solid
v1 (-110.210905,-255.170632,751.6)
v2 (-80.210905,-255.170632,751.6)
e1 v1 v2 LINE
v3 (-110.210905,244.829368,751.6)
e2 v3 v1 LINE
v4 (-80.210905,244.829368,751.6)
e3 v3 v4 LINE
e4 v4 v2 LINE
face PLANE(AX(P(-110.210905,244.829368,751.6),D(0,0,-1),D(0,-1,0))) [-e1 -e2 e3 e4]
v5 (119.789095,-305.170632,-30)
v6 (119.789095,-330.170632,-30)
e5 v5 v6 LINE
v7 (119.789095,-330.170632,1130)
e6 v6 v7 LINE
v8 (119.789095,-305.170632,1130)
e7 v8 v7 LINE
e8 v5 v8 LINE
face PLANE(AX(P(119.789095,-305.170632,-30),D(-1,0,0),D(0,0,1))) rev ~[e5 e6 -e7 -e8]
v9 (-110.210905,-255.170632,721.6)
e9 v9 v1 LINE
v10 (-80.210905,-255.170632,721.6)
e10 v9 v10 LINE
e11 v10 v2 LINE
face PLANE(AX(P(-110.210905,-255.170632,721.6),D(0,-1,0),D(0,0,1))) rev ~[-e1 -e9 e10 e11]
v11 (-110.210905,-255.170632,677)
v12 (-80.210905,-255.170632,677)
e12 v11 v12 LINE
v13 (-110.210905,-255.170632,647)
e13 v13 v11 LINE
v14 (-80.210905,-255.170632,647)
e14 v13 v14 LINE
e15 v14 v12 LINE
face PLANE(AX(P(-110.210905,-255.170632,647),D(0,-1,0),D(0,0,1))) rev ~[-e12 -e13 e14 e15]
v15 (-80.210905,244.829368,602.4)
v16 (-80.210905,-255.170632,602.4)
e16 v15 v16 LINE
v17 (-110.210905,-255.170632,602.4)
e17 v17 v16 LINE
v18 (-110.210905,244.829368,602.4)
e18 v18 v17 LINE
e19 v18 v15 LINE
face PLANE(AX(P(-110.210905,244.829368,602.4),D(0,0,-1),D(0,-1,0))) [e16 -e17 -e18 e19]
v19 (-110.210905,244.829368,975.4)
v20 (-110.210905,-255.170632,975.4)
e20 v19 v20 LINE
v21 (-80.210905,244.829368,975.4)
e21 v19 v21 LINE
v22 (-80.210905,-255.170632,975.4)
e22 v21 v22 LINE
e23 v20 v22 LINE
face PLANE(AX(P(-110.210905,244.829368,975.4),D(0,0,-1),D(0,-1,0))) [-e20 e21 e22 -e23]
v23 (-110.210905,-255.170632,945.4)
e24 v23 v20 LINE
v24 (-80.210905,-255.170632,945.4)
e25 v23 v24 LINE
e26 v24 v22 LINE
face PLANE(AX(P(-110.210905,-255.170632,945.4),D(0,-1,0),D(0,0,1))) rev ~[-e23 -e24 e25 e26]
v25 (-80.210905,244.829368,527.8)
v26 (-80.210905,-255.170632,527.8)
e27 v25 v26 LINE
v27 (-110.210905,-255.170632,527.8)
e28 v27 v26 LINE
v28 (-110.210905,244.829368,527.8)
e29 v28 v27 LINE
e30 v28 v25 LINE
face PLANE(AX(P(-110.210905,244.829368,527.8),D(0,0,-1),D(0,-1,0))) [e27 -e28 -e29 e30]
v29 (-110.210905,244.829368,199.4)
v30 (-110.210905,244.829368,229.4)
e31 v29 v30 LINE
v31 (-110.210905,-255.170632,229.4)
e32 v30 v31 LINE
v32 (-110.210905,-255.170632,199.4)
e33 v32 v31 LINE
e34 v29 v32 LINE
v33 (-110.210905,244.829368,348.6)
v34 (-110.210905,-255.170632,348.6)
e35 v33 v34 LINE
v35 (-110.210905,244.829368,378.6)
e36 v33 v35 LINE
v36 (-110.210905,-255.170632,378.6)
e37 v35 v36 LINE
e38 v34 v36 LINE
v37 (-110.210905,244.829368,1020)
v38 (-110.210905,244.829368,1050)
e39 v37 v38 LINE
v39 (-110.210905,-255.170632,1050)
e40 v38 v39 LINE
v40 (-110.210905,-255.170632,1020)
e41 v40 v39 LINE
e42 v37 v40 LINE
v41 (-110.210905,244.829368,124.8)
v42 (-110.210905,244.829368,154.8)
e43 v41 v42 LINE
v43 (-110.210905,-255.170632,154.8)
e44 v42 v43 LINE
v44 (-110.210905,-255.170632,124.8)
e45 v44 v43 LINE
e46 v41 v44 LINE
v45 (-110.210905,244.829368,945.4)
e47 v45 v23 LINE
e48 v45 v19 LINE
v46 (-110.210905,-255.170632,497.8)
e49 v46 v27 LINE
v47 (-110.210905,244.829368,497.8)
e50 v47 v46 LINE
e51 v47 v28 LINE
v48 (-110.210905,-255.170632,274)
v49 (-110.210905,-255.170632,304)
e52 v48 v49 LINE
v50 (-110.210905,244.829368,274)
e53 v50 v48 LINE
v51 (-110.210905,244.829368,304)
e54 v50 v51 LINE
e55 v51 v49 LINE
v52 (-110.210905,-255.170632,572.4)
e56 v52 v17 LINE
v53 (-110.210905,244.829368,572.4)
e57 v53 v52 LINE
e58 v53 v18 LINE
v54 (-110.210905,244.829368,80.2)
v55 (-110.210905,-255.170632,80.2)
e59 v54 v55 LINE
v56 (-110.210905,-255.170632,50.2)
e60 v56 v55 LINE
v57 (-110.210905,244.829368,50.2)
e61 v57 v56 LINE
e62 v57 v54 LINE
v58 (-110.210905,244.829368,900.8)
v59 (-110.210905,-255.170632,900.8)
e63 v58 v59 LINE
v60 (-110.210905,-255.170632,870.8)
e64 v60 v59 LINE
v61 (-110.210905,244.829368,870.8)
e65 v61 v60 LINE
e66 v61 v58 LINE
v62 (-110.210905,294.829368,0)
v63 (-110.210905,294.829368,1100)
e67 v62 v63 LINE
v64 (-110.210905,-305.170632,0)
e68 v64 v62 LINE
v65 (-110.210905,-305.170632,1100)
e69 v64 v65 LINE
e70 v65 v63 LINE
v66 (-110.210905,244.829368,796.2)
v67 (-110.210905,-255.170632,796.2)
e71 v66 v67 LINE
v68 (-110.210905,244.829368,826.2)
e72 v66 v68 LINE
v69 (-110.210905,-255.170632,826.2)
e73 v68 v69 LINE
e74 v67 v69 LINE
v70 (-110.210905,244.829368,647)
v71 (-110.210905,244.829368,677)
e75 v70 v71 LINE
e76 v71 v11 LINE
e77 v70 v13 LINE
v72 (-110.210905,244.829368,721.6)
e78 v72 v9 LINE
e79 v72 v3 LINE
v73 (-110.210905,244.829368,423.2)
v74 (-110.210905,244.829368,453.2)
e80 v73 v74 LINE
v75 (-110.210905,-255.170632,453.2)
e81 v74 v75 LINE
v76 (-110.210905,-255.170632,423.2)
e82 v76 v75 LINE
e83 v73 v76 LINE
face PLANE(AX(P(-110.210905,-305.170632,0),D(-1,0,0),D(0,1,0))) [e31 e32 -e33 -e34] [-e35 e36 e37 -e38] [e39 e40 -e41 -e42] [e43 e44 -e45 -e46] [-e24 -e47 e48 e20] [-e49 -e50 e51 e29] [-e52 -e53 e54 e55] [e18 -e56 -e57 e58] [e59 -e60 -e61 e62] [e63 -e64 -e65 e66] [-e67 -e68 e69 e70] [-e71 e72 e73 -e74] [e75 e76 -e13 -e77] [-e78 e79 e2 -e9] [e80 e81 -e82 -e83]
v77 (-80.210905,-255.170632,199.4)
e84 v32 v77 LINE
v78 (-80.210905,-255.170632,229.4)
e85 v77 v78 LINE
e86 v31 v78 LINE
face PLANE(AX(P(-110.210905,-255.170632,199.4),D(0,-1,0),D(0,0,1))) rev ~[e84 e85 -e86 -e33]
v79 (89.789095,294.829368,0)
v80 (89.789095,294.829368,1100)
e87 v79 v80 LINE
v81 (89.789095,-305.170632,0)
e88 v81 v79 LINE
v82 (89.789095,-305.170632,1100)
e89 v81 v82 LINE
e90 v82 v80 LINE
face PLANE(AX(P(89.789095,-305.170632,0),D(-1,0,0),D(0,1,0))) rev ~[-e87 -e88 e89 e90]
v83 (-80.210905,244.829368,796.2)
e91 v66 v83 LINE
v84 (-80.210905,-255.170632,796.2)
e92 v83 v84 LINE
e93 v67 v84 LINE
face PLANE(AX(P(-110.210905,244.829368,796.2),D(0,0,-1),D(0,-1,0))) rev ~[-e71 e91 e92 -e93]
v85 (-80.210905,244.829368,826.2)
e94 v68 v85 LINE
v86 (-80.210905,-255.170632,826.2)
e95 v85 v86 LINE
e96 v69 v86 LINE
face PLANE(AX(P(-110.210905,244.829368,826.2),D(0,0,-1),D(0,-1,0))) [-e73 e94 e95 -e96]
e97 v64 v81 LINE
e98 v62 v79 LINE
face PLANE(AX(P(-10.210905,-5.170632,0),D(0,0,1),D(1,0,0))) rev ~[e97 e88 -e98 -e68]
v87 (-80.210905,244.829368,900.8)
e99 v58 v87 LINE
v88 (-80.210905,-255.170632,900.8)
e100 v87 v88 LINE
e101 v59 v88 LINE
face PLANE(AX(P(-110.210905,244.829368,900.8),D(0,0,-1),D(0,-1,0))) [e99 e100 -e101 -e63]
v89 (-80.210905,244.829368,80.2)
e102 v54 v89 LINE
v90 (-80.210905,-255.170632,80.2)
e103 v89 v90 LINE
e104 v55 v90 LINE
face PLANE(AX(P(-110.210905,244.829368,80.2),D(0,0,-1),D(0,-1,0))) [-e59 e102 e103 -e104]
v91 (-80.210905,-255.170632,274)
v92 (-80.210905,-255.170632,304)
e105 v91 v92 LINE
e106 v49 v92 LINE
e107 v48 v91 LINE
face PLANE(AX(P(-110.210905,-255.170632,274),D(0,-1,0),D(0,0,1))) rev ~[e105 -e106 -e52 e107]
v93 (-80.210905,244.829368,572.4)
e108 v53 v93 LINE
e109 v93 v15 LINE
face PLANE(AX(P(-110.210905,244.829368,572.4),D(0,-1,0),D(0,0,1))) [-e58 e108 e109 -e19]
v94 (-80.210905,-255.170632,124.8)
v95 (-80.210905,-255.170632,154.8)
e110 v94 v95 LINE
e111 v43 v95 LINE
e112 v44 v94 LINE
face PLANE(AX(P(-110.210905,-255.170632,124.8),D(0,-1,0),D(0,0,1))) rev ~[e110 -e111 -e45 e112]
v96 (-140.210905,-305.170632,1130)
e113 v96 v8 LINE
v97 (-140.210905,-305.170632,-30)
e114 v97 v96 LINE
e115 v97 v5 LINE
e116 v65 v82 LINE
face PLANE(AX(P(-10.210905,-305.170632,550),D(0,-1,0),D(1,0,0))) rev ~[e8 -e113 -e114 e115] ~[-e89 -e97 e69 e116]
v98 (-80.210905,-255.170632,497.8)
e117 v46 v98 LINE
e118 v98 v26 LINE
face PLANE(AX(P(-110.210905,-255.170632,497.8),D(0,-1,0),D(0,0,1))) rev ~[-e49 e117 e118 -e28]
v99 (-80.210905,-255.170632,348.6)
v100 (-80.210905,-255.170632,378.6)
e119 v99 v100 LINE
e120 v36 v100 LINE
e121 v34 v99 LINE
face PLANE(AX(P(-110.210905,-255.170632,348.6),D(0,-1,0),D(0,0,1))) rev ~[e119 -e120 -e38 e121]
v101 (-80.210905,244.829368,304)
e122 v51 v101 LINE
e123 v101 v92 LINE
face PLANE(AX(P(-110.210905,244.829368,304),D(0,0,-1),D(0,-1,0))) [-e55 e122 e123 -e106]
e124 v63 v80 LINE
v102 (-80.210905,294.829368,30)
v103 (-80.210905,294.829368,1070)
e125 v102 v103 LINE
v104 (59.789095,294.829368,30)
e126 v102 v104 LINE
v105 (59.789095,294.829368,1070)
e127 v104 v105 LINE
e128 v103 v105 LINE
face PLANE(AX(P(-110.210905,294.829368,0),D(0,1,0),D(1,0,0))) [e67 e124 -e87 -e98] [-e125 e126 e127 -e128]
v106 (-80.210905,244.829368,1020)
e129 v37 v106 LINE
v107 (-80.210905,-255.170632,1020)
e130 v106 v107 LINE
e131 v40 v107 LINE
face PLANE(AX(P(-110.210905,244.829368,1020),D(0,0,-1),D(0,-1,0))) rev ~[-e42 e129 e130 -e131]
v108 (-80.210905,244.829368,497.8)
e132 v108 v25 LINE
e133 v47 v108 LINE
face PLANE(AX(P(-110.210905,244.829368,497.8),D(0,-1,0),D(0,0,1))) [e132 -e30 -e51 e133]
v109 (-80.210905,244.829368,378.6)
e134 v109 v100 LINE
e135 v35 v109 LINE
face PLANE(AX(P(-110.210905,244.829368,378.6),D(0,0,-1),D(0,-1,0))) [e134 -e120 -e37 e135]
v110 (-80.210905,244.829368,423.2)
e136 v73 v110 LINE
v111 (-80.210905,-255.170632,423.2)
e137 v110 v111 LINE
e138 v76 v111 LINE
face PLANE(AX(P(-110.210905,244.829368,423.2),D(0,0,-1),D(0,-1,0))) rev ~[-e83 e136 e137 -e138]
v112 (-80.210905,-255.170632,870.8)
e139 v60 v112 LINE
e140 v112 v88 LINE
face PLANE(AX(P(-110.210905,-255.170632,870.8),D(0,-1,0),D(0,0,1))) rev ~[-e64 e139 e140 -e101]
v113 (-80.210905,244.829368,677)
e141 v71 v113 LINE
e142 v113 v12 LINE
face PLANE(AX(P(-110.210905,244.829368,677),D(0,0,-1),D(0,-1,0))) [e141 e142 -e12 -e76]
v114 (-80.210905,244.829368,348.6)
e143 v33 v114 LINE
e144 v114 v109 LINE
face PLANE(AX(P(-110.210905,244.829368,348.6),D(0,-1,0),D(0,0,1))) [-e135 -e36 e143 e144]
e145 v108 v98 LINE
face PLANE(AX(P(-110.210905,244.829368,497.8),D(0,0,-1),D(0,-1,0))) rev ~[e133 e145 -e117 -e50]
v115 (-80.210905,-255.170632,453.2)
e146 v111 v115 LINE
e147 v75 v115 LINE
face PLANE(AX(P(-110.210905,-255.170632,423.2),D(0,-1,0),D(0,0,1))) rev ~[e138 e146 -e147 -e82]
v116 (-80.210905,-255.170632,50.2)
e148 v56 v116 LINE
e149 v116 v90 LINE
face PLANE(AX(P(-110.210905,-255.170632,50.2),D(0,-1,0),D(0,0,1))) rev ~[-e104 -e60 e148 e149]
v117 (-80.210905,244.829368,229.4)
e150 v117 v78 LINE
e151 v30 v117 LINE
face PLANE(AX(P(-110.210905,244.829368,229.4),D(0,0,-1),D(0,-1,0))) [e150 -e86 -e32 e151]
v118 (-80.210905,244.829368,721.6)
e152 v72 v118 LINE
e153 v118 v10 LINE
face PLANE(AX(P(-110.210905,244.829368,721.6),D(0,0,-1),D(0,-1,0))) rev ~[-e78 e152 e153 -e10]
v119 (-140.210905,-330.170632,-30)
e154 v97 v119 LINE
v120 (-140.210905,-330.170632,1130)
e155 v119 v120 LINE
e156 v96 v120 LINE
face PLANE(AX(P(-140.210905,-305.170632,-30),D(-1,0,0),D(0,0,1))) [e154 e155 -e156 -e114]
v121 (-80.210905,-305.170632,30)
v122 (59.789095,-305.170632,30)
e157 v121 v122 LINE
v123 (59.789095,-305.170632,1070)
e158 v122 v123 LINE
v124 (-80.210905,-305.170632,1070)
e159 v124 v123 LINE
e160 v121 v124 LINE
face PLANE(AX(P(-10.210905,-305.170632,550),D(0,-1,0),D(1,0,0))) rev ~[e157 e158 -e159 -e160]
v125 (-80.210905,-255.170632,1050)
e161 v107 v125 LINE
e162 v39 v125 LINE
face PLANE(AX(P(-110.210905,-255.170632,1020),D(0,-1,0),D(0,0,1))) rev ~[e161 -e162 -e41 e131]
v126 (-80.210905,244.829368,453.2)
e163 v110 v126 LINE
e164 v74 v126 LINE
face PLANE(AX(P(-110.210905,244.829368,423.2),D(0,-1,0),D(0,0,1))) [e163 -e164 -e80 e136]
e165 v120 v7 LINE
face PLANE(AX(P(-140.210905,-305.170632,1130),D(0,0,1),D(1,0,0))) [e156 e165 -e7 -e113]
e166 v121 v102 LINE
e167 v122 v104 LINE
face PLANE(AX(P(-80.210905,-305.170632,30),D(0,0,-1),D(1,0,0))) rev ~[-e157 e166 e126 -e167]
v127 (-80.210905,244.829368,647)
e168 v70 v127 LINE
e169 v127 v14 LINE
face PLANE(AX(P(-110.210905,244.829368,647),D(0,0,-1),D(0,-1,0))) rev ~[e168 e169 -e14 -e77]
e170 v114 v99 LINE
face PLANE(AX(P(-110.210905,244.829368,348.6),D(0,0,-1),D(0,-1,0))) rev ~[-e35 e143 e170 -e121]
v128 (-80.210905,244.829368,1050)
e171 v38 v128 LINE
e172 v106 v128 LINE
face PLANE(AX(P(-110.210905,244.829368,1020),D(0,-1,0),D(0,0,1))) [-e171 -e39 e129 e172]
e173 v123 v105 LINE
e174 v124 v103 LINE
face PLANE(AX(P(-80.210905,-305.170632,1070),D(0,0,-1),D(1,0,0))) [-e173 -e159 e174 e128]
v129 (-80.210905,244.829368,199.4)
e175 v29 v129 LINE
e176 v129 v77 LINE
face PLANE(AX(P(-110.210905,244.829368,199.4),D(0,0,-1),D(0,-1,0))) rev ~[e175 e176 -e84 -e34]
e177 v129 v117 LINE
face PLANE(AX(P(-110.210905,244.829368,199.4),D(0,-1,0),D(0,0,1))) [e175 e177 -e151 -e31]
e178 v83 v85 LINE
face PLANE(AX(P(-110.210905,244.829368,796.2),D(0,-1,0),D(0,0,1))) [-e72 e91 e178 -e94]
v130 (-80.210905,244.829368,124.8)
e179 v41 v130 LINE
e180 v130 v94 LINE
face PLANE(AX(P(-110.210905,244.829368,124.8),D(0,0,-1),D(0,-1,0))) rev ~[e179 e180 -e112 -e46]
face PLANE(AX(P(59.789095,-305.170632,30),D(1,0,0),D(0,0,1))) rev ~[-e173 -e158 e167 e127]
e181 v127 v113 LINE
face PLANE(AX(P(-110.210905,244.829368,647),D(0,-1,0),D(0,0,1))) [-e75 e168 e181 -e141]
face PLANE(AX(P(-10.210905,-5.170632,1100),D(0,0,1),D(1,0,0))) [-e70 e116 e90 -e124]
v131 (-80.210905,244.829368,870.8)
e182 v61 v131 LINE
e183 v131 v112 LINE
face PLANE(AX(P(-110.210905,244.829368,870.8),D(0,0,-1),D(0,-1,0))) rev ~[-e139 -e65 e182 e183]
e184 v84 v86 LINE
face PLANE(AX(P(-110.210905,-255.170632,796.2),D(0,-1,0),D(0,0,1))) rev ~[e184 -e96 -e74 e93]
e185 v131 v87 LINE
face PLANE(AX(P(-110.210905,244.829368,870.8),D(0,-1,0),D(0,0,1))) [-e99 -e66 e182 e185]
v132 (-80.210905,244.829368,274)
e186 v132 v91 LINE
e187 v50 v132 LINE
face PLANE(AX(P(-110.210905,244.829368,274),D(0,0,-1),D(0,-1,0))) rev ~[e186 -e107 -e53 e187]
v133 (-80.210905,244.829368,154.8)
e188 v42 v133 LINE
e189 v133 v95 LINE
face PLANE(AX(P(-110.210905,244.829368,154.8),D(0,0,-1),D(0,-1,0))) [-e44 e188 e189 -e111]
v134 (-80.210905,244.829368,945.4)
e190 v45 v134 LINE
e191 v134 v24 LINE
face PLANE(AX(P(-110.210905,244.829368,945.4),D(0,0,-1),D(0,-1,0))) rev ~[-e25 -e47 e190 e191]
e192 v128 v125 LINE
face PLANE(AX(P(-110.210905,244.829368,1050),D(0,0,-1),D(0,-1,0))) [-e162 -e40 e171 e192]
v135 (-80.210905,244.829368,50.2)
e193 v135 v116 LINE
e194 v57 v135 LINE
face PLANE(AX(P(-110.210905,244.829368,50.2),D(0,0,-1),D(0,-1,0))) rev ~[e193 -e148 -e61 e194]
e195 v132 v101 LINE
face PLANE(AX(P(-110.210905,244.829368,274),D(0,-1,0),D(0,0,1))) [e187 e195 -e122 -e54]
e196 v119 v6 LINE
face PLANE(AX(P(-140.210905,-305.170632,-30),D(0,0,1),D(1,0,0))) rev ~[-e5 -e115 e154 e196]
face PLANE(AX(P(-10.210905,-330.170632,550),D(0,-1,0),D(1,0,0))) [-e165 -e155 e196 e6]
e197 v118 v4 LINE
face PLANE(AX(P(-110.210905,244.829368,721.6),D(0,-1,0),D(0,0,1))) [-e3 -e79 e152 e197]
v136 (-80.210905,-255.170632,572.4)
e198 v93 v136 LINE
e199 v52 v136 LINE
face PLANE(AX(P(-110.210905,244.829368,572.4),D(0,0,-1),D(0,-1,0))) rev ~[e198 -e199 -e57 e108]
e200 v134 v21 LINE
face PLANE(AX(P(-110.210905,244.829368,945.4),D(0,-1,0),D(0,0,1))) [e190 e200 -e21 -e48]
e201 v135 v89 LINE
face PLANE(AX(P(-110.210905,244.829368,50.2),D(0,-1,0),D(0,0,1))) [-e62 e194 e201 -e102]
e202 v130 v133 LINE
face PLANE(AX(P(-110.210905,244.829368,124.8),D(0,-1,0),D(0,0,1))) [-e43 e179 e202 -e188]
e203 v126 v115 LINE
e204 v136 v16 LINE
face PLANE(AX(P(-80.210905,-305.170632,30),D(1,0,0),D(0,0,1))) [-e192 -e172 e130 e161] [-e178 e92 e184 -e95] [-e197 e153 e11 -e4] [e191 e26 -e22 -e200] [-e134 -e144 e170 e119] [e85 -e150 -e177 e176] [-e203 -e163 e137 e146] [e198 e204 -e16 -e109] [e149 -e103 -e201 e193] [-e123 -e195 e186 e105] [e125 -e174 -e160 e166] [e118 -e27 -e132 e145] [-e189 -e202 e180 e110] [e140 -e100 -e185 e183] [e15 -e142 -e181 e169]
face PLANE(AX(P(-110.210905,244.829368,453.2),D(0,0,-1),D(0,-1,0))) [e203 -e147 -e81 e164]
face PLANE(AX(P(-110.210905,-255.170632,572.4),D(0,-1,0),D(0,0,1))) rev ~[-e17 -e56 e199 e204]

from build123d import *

# Parameters (mm, degrees)
F0_W     = 200
F0_H     = 600
F1_DEPTH = 1100
F2_W     = 140
F2_H     = 1040
F3_DEPTH = 600
F4_W     = 500
F4_H     = 30
F5_DEPTH = 30
F6_W     = 260
F6_H     = 1160
F6_W_2   = 200
F6_H_2   = 1100
F7_DEPTH = 25


with BuildPart() as f1:
    # F0 (on Top) → F1 (new body)
    with BuildSketch(Plane.XY):
        with Locations((-10.210905, -5.170632)):
            Rectangle(F0_W, F0_H)
    extrude(amount=F1_DEPTH)

    # F2 (on face) → F3 (cut, through all)
    with BuildSketch(Plane.XZ.offset(305.170632)):
        with Locations((-10.210905, 550)):
            Rectangle(F2_W, F2_H)
    extrude(amount=-F3_DEPTH, mode=Mode.SUBTRACT)

    # F4 (on face) → F5 (cut)
    with BuildSketch(Plane(origin=(-110.210905, 0, 0), x_dir=(0, -1, 0), z_dir=(-1, 0, 0))):
        with Locations((5.170632, 1035)):
            Rectangle(F4_W, F4_H)
        with Locations((5.170632, 960.4)):
            Rectangle(F4_W, F4_H)
        with Locations((5.170632, 885.8)):
            Rectangle(F4_W, F4_H)
        with Locations((5.170632, 811.2)):
            Rectangle(F4_W, F4_H)
        with Locations((5.170632, 736.6)):
            Rectangle(F4_W, F4_H)
        with Locations((5.170632, 662)):
            Rectangle(F4_W, F4_H)
        with Locations((5.170632, 587.4)):
            Rectangle(F4_W, F4_H)
        with Locations((5.170632, 512.8)):
            Rectangle(F4_W, F4_H)
        with Locations((5.170632, 438.2)):
            Rectangle(F4_W, F4_H)
        with Locations((5.170632, 363.6)):
            Rectangle(F4_W, F4_H)
        with Locations((5.170632, 289)):
            Rectangle(F4_W, F4_H)
        with Locations((5.170632, 214.4)):
            Rectangle(F4_W, F4_H)
        with Locations((5.170632, 139.8)):
            Rectangle(F4_W, F4_H)
        with Locations((5.170632, 65.2)):
            Rectangle(F4_W, F4_H)
    extrude(amount=-F5_DEPTH, mode=Mode.SUBTRACT)

    # F6 (on face) → F7 (join)
    with BuildSketch(Plane.XZ.offset(305.170632)):
        with Locations((-10.210905, 550)):
            Rectangle(F6_W, F6_H)
        with Locations((-10.210905, 550)):
            Rectangle(F6_W_2, F6_H_2, mode=Mode.SUBTRACT)
        with Locations((-10.210905, 550)):
            Rectangle(F6_W_2, F6_H_2)
    extrude(amount=F7_DEPTH)


solid = f1.part
